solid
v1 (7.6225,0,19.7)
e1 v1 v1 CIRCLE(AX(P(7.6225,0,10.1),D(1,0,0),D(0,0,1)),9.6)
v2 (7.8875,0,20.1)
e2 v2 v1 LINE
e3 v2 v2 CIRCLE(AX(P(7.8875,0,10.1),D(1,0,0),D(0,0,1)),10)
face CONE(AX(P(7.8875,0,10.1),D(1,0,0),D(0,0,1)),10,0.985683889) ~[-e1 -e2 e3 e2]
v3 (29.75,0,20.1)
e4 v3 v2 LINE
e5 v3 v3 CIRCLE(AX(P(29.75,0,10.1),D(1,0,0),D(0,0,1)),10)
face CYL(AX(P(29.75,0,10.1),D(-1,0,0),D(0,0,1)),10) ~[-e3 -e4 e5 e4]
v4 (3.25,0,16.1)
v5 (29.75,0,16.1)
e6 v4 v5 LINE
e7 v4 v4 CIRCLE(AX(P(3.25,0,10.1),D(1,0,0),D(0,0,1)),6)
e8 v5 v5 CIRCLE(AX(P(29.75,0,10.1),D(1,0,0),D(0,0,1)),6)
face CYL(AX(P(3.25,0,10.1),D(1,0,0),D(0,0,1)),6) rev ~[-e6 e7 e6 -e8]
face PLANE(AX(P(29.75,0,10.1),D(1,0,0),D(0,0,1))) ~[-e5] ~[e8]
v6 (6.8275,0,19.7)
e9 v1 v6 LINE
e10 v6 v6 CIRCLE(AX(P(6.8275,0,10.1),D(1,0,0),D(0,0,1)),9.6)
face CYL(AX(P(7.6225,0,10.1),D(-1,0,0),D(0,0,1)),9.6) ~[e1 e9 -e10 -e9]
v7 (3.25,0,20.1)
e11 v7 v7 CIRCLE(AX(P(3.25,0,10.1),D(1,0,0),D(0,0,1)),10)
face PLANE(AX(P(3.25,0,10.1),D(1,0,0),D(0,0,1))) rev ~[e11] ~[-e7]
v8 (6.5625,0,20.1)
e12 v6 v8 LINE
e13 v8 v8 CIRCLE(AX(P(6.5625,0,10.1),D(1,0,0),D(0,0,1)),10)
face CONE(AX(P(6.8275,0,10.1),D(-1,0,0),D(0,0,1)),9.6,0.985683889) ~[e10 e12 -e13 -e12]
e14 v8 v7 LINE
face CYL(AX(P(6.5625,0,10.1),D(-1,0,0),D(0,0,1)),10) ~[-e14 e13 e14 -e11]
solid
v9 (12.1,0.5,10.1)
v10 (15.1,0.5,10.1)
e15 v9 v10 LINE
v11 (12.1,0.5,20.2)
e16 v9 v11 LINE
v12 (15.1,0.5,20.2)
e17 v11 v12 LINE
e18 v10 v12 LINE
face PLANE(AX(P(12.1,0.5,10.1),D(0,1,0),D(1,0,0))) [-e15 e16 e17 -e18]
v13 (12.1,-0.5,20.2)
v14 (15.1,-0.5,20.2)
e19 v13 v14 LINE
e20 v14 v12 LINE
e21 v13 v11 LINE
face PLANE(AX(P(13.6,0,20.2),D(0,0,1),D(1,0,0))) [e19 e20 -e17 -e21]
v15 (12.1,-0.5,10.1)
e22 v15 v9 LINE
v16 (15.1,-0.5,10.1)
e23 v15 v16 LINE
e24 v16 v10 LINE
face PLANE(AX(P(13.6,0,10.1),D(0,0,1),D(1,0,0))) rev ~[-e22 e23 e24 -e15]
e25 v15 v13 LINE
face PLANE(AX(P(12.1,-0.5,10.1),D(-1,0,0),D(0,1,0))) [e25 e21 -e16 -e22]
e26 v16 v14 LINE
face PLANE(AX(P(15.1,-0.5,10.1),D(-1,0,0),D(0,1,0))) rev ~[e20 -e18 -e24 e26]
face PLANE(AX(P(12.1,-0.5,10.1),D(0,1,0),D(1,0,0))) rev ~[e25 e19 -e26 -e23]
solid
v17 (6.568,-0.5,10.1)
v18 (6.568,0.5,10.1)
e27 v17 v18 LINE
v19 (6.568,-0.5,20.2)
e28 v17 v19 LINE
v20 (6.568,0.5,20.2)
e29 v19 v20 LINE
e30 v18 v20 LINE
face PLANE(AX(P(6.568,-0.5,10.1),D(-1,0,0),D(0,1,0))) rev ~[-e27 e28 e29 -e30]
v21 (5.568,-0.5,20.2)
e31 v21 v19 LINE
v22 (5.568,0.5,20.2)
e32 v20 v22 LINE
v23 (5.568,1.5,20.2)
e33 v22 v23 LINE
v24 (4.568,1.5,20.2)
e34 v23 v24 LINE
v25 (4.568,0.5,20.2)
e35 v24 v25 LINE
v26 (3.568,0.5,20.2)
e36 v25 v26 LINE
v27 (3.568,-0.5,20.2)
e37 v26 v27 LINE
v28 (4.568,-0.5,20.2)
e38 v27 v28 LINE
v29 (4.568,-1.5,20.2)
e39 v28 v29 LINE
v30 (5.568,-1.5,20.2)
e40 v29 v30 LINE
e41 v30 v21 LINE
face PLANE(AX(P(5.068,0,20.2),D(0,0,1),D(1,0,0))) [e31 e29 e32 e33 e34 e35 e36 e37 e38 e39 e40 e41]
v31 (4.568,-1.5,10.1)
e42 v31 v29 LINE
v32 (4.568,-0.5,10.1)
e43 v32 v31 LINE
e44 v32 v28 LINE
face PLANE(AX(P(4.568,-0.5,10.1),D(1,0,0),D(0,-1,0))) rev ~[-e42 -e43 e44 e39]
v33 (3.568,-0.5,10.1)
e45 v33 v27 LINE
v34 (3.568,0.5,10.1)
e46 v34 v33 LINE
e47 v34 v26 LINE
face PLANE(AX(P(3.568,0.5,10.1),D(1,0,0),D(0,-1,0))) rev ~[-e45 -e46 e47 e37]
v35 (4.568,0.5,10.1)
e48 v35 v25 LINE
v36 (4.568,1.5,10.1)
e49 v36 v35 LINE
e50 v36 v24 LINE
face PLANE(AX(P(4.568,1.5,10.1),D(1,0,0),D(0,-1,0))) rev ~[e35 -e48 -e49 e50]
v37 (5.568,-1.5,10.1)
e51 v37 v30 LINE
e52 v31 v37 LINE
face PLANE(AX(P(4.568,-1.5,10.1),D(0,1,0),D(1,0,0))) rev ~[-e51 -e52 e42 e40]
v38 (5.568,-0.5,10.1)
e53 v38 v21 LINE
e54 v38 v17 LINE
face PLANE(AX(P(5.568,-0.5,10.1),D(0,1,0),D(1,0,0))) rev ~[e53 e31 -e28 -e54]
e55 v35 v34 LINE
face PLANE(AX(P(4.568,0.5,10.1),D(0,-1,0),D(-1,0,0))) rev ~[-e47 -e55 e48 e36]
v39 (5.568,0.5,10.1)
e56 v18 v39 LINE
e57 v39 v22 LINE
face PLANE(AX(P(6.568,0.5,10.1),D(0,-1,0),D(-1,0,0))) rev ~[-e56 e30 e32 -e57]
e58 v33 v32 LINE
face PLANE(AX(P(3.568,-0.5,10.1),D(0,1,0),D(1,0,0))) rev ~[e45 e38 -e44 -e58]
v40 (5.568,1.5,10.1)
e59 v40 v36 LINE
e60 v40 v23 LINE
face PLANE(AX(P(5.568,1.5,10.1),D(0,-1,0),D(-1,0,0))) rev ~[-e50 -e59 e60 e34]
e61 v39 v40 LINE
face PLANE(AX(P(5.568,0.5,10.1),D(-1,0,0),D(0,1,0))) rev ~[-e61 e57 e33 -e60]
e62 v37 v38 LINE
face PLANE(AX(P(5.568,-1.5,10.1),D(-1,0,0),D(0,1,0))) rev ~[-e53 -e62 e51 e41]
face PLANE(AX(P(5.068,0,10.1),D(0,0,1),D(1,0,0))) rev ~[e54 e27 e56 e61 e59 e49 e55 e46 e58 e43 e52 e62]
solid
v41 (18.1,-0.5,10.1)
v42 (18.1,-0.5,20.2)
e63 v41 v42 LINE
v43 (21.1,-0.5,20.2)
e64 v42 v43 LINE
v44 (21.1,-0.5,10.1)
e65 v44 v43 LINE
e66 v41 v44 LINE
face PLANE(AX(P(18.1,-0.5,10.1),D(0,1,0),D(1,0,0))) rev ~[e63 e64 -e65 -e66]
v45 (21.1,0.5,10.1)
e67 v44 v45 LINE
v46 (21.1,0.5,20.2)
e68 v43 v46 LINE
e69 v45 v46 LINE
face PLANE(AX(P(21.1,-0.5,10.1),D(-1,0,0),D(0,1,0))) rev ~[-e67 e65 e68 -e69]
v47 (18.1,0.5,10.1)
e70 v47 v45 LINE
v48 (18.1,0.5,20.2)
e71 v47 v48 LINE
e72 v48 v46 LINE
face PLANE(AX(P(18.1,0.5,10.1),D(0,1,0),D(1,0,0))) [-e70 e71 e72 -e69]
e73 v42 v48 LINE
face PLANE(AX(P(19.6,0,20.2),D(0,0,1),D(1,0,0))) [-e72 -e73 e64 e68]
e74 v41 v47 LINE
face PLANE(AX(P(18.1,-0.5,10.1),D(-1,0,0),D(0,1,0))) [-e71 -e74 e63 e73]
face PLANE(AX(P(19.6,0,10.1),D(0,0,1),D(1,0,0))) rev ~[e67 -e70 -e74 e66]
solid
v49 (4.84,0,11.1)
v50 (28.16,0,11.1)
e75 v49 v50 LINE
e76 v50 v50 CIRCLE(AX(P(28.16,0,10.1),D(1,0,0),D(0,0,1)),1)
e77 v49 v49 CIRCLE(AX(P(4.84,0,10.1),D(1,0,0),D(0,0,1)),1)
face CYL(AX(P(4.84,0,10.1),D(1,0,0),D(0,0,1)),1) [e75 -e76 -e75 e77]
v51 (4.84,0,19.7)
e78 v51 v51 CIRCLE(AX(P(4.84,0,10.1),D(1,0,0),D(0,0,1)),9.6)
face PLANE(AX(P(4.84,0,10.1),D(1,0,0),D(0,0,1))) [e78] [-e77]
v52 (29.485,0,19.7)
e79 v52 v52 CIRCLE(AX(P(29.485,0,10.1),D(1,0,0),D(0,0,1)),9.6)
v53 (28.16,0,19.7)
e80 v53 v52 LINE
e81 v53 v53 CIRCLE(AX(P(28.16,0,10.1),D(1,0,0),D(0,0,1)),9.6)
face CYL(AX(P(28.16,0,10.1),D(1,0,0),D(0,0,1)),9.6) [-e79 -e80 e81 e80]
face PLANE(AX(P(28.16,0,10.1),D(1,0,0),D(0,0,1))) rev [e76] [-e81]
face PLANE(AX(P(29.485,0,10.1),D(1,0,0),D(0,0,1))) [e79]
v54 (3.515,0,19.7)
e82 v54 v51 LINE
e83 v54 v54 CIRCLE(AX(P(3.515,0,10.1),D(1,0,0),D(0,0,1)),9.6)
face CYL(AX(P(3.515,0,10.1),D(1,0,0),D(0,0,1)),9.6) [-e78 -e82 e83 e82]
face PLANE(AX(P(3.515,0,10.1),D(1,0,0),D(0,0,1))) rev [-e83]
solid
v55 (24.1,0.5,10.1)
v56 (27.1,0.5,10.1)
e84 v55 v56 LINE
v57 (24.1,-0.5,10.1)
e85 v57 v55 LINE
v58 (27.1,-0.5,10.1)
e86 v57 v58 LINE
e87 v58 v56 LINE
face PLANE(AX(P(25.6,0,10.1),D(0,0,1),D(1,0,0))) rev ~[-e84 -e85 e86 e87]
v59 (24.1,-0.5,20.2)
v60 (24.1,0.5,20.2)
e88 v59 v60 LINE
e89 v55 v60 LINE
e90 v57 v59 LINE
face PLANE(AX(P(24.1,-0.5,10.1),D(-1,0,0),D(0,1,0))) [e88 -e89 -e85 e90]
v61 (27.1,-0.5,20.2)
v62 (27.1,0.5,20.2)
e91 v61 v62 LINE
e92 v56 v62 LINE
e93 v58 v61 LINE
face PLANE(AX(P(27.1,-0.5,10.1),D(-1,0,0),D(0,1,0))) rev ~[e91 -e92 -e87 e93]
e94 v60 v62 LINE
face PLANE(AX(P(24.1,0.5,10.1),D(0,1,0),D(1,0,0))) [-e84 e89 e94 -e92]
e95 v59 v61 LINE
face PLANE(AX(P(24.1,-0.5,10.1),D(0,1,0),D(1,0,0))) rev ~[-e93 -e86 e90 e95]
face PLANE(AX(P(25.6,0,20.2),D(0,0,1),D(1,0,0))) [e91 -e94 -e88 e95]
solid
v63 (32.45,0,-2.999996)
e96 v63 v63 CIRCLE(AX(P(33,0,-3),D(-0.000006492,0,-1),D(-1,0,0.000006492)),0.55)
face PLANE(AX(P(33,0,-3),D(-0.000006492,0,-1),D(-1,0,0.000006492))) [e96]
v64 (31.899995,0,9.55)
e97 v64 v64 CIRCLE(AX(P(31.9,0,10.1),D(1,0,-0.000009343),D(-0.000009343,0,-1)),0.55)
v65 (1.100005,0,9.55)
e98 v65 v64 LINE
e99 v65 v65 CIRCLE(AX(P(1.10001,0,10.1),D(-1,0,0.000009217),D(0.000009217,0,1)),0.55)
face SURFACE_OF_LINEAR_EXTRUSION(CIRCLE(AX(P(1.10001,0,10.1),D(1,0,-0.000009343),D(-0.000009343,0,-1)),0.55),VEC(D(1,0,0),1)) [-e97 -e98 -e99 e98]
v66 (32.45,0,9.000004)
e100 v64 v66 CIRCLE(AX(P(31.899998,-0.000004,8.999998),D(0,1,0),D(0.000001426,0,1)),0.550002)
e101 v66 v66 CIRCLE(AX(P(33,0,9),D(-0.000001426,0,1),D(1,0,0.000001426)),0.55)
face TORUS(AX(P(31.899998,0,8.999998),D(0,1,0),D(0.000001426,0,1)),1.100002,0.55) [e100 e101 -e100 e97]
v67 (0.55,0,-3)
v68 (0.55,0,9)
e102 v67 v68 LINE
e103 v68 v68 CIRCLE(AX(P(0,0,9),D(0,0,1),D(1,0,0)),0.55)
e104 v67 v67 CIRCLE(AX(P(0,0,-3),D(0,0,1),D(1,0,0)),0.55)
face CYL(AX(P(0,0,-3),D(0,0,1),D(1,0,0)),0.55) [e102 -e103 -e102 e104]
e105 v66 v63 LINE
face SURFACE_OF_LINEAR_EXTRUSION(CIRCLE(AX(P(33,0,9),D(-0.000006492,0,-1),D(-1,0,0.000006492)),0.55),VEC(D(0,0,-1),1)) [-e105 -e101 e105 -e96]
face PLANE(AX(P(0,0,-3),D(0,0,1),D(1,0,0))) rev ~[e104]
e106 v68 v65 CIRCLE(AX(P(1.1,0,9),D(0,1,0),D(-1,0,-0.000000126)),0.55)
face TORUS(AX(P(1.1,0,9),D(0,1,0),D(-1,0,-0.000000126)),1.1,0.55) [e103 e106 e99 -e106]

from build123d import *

# Parameters (mm, degrees)
SKETCH_R    = 0.55
SKETCH004_W = 3
SKETCH004_H = 1
PAD_DEPTH   = 10.1


with BuildPart() as sweep_body:
    # Sweep: sweep along a path in Sketch001
    with BuildLine(Plane.XZ) as sweep_path:
        Line((0, -3), (0, 9))
        ThreePointArc((0, 9), (0.322186, 9.777821), (1.10001, 10.1))
        Line((1.10001, 10.1), (31.9, 10.1))
        ThreePointArc((31.9, 10.1), (32.677817, 9.777817), (33, 9))
        Line((33, 9), (33, -3))
    # Sketch → Sweep (sweep)
    with BuildSketch(Plane.XY.offset(-2)):
        Circle(SKETCH_R)
    sweep(path=sweep_path.line)


with BuildPart() as revolution:
    # Sketch002 → Revolution (revolve)
    with BuildSketch(Plane.XZ):
        Polygon((3.25, 20.1), (3.25, 16.1), (29.75, 16.1), (29.75, 20.1), (7.8875, 20.1), (7.6225, 19.7), (6.8275, 19.7), (6.5625, 20.1), align=None)
    revolve(axis=Axis((6.97588, 0, 10.1), (1, 0, 0)))


with BuildPart() as revolution001:
    # Sketch003 → Revolution001 (revolve)
    with BuildSketch(Plane.XZ):
        Polygon((3.515, 19.7), (4.84, 19.7), (4.84, 11.1), (28.16, 11.1), (28.16, 19.7), (29.485, 19.7), (29.485, 10.1), (3.515, 10.1), align=None)
    revolve(axis=Axis((6.97588, 0, 10.1), (1, 0, 0)))


with BuildPart() as pad:
    # Sketch004 → Pad (new body)
    with BuildSketch(Plane.XY.offset(10.1)):
        with Locations((25.6, 0)):
            Rectangle(SKETCH004_W, SKETCH004_H)
        with Locations((19.6, 0)):
            Rectangle(SKETCH004_W, SKETCH004_H)
        with Locations((13.6, 0)):
            Rectangle(SKETCH004_W, SKETCH004_H)
        Polygon((4.568, 0.5), (3.568, 0.5), (3.568, -0.5), (4.568, -0.5), (4.568, -1.5), (5.568, -1.5), (5.568, -0.5), (6.568, -0.5), (6.568, 0.5), (5.568, 0.5), (5.568, 1.5), (4.568, 1.5), align=None)
    extrude(amount=PAD_DEPTH)


solid = Compound([sweep_body.part, revolution.part, revolution001.part, pad.part])
